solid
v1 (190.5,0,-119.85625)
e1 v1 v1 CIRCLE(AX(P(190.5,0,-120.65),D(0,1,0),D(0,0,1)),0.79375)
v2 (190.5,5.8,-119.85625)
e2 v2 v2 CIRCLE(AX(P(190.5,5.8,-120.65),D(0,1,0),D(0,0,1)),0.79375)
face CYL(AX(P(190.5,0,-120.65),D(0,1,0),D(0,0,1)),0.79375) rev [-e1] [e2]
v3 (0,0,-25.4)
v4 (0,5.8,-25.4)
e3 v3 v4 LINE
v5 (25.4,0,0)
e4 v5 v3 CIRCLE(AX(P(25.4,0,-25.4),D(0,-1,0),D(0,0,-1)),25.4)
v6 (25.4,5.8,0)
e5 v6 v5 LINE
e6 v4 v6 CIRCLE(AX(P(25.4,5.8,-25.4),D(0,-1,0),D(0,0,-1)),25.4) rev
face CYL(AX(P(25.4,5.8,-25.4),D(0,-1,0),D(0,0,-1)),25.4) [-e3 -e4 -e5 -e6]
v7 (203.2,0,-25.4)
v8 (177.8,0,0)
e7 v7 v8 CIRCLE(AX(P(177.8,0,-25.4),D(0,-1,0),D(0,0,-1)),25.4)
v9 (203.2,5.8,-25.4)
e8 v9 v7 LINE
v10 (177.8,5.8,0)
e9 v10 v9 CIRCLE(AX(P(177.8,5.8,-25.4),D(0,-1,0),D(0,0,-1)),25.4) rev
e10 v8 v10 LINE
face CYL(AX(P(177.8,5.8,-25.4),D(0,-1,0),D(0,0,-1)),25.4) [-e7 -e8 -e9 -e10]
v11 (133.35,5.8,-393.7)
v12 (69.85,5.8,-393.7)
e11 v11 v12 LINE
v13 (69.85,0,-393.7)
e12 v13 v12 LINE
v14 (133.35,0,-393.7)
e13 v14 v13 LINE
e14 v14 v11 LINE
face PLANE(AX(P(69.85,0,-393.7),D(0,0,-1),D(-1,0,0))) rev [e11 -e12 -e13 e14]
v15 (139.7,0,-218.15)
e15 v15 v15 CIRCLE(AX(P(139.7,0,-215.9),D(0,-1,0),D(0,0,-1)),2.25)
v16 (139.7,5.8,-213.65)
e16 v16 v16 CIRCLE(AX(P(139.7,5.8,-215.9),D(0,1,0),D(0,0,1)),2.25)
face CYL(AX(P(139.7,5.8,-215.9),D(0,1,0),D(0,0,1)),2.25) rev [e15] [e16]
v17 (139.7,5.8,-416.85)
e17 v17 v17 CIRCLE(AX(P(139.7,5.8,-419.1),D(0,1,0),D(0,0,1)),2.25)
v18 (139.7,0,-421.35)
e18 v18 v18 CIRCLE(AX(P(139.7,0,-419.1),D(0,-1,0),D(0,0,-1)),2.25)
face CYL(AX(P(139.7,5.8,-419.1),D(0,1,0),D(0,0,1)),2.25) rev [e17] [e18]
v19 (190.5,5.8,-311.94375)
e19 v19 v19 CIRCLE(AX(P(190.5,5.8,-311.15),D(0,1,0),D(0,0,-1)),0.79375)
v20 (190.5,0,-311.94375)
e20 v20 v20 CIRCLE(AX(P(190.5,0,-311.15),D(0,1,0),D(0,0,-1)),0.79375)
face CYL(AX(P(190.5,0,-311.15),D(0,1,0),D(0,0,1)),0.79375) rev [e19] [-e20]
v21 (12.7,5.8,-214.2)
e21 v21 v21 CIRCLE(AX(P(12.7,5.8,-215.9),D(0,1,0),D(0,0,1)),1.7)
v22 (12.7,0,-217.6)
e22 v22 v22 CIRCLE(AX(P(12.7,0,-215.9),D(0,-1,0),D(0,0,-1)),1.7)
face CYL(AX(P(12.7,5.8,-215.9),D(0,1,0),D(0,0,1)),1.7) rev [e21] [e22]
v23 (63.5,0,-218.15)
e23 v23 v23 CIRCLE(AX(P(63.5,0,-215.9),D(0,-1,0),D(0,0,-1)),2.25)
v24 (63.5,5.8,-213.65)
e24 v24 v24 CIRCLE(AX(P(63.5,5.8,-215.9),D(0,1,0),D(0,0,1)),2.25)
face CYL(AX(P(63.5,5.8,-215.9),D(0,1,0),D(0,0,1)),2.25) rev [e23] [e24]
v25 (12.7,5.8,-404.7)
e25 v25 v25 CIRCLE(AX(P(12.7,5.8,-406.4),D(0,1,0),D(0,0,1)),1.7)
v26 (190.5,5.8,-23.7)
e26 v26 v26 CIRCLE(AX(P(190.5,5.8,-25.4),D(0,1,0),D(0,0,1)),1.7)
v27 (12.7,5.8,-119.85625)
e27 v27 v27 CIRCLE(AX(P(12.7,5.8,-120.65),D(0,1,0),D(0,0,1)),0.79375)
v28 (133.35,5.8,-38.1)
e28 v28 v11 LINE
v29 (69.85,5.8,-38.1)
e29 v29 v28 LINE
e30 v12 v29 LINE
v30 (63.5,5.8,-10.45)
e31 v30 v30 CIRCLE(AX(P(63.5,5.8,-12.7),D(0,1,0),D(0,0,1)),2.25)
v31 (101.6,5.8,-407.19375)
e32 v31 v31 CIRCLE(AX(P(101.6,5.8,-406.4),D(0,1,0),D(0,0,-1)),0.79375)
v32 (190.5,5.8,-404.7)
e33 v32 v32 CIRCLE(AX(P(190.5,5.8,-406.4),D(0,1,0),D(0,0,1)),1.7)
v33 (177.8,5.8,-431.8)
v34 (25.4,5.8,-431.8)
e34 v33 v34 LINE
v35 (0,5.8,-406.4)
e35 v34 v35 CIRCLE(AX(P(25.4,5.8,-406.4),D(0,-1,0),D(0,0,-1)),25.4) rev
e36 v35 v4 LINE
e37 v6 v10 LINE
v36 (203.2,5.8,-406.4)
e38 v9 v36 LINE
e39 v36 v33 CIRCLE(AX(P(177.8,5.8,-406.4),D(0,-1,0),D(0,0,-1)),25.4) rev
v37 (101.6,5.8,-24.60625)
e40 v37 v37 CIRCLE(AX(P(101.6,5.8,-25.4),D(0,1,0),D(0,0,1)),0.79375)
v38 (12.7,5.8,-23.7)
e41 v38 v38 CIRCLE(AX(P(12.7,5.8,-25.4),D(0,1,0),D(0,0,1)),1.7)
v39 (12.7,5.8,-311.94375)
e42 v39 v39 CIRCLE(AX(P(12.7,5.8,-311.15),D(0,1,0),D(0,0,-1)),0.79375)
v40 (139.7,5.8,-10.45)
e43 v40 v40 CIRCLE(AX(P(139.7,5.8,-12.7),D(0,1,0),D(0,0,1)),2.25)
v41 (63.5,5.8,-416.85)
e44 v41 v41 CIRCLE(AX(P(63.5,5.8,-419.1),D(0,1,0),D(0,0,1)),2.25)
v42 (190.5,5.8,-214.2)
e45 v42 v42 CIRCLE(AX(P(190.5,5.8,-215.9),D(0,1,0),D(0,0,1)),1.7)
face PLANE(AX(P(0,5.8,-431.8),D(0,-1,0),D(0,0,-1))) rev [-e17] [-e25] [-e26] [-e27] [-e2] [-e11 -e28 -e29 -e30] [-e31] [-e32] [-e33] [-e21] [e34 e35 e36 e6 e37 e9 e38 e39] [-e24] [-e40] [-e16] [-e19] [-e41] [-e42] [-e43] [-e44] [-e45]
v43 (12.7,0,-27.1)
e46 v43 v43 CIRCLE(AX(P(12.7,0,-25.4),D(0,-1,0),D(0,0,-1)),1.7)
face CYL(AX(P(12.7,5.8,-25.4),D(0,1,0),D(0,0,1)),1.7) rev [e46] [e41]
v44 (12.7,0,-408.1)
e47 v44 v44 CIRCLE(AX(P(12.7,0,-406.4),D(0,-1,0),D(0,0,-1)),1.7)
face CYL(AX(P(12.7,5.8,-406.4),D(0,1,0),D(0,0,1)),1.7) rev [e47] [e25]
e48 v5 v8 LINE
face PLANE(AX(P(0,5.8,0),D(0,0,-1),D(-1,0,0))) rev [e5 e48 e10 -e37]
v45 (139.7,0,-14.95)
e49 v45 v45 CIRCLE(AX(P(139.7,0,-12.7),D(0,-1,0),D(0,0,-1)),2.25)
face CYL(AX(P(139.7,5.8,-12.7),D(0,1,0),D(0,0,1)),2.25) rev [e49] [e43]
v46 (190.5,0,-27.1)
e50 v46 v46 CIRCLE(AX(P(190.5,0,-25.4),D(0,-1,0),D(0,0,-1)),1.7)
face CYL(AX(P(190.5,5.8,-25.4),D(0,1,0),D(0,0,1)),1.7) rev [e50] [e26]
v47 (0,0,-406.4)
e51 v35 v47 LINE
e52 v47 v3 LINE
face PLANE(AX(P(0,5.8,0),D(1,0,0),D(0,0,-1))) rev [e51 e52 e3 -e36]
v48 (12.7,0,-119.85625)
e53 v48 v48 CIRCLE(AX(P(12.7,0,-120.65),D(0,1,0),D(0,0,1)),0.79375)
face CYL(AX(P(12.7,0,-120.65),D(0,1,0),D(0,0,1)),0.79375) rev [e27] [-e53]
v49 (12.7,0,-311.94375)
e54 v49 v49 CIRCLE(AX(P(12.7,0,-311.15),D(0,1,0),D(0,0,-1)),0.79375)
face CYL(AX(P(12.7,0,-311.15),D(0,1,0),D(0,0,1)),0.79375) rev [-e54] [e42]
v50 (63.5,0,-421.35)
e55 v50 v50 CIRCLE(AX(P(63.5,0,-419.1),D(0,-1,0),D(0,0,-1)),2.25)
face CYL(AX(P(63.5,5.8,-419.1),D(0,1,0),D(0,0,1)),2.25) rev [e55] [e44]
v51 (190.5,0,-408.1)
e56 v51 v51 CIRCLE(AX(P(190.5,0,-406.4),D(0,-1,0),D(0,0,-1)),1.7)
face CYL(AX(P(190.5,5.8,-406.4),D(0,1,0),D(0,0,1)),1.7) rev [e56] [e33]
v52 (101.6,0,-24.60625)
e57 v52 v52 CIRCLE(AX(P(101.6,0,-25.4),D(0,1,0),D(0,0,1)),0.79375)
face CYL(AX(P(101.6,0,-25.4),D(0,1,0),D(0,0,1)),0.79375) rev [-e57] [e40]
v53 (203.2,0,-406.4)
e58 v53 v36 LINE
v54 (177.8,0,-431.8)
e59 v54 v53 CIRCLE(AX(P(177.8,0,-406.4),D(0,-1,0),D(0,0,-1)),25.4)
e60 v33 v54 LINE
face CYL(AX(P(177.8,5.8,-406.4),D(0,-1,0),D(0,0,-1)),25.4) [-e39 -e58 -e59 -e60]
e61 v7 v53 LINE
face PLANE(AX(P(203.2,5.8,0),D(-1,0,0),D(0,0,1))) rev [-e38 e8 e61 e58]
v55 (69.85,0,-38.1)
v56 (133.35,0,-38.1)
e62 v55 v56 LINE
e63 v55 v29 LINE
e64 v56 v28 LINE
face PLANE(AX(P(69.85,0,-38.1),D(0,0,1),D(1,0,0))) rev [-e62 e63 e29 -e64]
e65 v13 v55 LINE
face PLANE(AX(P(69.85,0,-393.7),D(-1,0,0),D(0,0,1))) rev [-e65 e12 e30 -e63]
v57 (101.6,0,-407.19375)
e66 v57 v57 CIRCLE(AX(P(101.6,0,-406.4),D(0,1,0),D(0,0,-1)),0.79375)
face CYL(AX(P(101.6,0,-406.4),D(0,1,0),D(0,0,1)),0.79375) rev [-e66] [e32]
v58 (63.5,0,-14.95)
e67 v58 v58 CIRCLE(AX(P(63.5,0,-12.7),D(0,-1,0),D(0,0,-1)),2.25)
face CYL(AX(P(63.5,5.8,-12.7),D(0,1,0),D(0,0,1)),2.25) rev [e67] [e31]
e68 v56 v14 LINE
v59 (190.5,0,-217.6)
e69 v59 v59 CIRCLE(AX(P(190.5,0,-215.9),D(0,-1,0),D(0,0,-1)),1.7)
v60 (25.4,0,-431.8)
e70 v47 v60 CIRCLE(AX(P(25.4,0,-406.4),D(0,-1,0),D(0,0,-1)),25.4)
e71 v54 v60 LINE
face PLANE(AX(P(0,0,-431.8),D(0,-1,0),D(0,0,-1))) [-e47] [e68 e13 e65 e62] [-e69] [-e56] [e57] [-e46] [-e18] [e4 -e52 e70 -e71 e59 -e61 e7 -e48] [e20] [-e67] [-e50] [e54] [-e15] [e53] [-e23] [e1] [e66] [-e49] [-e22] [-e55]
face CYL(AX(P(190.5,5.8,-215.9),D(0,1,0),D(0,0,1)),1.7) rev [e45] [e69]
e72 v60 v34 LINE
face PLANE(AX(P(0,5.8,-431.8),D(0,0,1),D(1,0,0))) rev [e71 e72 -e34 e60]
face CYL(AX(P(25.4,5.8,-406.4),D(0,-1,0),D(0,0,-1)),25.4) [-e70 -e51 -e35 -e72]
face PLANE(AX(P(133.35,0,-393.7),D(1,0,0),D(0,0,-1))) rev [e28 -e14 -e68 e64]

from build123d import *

# Parameters (mm, degrees)
SKETCH1_W                = 203.2
SKETCH1_H                = 431.8
BOSS_EXTRUDE1_DEPTH      = 5.8
M4_CLEARANCE_HOLE1_D     = 4.5
M4_CLEARANCE_HOLE1_DEPTH = 12.7
M4_CLEARANCE_HOLE1_TIP   = 1.351936393
SKETCH7_W                = 63.5
SKETCH7_H                = 355.6
CUT_EXTRUDE2_DEPTH       = 478.257917692
FILLET1_R                = 25.4
M3_CLEARANCE_HOLE1_D     = 3.4
M3_CLEARANCE_HOLE1_DEPTH = 12.7
M3_CLEARANCE_HOLE1_TIP   = 1.021463052
SKETCH10_R               = 0.79375
CUT_EXTRUDE3_DEPTH       = 478.257917692


with BuildPart() as part:
    # Sketch1 → Boss-Extrude1 (new body)
    with BuildSketch(Plane(origin=(0, 0, 0), x_dir=(1, 0, 0), z_dir=(0, 1, 0))):
        with Locations((101.6, 215.9)):
            Rectangle(SKETCH1_W, SKETCH1_H)
    extrude(amount=BOSS_EXTRUDE1_DEPTH)

    # M4 Clearance Hole1
    with Locations(Plane(origin=(0, 5.8, 0), x_dir=(-1, 0, 0), z_dir=(0, 1, 0))):
        with Locations((-63.5, -419.1), (-139.7, -419.1), (-63.5, -215.9), (-139.7, -215.9), (-63.5, -12.7), (-139.7, -12.7)):
            Hole(M4_CLEARANCE_HOLE1_D / 2, depth=M4_CLEARANCE_HOLE1_DEPTH)
            with Locations((0, 0, -(M4_CLEARANCE_HOLE1_DEPTH + M4_CLEARANCE_HOLE1_TIP / 2))):  # 118° drill point
                Cone(0, M4_CLEARANCE_HOLE1_D / 2, M4_CLEARANCE_HOLE1_TIP, mode=Mode.SUBTRACT)

    # Sketch7 → Cut-Extrude2 (cut, through all)
    with BuildSketch(Plane(origin=(0, 5.8, 0), x_dir=(1, 0, 0), z_dir=(0, 1, 0))):
        with Locations((101.6, 215.9)):
            Rectangle(SKETCH7_W, SKETCH7_H)
    extrude(amount=-CUT_EXTRUDE2_DEPTH, mode=Mode.SUBTRACT)

    # Fillet1
    fillet1_edges = [part.edges().sort_by_distance(p)[0] for p in [
        (0, 2.9, -431.8),
        (203.2, 2.9, -431.8),
        (203.2, 2.9, 0),
        (0, 2.9, 0),
    ]]
    fillet(fillet1_edges, radius=FILLET1_R)

    # M3 Clearance Hole1
    with Locations(Plane(origin=(0, 5.8, 0), x_dir=(-1, 0, 0), z_dir=(0, 1, 0))):
        with Locations((-190.5, -406.4), (-190.5, -25.4), (-12.7, -25.4), (-12.7, -406.4), (-190.5, -215.9), (-12.7, -215.9)):
            Hole(M3_CLEARANCE_HOLE1_D / 2, depth=M3_CLEARANCE_HOLE1_DEPTH)
            with Locations((0, 0, -(M3_CLEARANCE_HOLE1_DEPTH + M3_CLEARANCE_HOLE1_TIP / 2))):  # 118° drill point
                Cone(0, M3_CLEARANCE_HOLE1_D / 2, M3_CLEARANCE_HOLE1_TIP, mode=Mode.SUBTRACT)

    # Sketch10 → Cut-Extrude3 (cut, through all)
    with BuildSketch(Plane(origin=(0, 5.8, 0), x_dir=(-1, 0, 0), z_dir=(0, 1, 0))):
        with Locations(Location((-190.5, -120.65, 0), (0, 0, 90))):
            Circle(SKETCH10_R)
        with Locations(Location((-12.7, -120.65, 0), (0, 0, 90))):
            Circle(SKETCH10_R)
        with Locations(Location((-101.6, -25.4, 0), (0, 0, 90))):
            Circle(SKETCH10_R)
        with Locations(Location((-101.6, -406.4, 0), (0, 0, 270))):
            Circle(SKETCH10_R)
        with Locations(Location((-12.7, -311.15, 0), (0, 0, 270))):
            Circle(SKETCH10_R)
        with Locations(Location((-190.5, -311.15, 0), (0, 0, 270))):
            Circle(SKETCH10_R)
    extrude(amount=-CUT_EXTRUDE3_DEPTH, mode=Mode.SUBTRACT)


solid = part.part
